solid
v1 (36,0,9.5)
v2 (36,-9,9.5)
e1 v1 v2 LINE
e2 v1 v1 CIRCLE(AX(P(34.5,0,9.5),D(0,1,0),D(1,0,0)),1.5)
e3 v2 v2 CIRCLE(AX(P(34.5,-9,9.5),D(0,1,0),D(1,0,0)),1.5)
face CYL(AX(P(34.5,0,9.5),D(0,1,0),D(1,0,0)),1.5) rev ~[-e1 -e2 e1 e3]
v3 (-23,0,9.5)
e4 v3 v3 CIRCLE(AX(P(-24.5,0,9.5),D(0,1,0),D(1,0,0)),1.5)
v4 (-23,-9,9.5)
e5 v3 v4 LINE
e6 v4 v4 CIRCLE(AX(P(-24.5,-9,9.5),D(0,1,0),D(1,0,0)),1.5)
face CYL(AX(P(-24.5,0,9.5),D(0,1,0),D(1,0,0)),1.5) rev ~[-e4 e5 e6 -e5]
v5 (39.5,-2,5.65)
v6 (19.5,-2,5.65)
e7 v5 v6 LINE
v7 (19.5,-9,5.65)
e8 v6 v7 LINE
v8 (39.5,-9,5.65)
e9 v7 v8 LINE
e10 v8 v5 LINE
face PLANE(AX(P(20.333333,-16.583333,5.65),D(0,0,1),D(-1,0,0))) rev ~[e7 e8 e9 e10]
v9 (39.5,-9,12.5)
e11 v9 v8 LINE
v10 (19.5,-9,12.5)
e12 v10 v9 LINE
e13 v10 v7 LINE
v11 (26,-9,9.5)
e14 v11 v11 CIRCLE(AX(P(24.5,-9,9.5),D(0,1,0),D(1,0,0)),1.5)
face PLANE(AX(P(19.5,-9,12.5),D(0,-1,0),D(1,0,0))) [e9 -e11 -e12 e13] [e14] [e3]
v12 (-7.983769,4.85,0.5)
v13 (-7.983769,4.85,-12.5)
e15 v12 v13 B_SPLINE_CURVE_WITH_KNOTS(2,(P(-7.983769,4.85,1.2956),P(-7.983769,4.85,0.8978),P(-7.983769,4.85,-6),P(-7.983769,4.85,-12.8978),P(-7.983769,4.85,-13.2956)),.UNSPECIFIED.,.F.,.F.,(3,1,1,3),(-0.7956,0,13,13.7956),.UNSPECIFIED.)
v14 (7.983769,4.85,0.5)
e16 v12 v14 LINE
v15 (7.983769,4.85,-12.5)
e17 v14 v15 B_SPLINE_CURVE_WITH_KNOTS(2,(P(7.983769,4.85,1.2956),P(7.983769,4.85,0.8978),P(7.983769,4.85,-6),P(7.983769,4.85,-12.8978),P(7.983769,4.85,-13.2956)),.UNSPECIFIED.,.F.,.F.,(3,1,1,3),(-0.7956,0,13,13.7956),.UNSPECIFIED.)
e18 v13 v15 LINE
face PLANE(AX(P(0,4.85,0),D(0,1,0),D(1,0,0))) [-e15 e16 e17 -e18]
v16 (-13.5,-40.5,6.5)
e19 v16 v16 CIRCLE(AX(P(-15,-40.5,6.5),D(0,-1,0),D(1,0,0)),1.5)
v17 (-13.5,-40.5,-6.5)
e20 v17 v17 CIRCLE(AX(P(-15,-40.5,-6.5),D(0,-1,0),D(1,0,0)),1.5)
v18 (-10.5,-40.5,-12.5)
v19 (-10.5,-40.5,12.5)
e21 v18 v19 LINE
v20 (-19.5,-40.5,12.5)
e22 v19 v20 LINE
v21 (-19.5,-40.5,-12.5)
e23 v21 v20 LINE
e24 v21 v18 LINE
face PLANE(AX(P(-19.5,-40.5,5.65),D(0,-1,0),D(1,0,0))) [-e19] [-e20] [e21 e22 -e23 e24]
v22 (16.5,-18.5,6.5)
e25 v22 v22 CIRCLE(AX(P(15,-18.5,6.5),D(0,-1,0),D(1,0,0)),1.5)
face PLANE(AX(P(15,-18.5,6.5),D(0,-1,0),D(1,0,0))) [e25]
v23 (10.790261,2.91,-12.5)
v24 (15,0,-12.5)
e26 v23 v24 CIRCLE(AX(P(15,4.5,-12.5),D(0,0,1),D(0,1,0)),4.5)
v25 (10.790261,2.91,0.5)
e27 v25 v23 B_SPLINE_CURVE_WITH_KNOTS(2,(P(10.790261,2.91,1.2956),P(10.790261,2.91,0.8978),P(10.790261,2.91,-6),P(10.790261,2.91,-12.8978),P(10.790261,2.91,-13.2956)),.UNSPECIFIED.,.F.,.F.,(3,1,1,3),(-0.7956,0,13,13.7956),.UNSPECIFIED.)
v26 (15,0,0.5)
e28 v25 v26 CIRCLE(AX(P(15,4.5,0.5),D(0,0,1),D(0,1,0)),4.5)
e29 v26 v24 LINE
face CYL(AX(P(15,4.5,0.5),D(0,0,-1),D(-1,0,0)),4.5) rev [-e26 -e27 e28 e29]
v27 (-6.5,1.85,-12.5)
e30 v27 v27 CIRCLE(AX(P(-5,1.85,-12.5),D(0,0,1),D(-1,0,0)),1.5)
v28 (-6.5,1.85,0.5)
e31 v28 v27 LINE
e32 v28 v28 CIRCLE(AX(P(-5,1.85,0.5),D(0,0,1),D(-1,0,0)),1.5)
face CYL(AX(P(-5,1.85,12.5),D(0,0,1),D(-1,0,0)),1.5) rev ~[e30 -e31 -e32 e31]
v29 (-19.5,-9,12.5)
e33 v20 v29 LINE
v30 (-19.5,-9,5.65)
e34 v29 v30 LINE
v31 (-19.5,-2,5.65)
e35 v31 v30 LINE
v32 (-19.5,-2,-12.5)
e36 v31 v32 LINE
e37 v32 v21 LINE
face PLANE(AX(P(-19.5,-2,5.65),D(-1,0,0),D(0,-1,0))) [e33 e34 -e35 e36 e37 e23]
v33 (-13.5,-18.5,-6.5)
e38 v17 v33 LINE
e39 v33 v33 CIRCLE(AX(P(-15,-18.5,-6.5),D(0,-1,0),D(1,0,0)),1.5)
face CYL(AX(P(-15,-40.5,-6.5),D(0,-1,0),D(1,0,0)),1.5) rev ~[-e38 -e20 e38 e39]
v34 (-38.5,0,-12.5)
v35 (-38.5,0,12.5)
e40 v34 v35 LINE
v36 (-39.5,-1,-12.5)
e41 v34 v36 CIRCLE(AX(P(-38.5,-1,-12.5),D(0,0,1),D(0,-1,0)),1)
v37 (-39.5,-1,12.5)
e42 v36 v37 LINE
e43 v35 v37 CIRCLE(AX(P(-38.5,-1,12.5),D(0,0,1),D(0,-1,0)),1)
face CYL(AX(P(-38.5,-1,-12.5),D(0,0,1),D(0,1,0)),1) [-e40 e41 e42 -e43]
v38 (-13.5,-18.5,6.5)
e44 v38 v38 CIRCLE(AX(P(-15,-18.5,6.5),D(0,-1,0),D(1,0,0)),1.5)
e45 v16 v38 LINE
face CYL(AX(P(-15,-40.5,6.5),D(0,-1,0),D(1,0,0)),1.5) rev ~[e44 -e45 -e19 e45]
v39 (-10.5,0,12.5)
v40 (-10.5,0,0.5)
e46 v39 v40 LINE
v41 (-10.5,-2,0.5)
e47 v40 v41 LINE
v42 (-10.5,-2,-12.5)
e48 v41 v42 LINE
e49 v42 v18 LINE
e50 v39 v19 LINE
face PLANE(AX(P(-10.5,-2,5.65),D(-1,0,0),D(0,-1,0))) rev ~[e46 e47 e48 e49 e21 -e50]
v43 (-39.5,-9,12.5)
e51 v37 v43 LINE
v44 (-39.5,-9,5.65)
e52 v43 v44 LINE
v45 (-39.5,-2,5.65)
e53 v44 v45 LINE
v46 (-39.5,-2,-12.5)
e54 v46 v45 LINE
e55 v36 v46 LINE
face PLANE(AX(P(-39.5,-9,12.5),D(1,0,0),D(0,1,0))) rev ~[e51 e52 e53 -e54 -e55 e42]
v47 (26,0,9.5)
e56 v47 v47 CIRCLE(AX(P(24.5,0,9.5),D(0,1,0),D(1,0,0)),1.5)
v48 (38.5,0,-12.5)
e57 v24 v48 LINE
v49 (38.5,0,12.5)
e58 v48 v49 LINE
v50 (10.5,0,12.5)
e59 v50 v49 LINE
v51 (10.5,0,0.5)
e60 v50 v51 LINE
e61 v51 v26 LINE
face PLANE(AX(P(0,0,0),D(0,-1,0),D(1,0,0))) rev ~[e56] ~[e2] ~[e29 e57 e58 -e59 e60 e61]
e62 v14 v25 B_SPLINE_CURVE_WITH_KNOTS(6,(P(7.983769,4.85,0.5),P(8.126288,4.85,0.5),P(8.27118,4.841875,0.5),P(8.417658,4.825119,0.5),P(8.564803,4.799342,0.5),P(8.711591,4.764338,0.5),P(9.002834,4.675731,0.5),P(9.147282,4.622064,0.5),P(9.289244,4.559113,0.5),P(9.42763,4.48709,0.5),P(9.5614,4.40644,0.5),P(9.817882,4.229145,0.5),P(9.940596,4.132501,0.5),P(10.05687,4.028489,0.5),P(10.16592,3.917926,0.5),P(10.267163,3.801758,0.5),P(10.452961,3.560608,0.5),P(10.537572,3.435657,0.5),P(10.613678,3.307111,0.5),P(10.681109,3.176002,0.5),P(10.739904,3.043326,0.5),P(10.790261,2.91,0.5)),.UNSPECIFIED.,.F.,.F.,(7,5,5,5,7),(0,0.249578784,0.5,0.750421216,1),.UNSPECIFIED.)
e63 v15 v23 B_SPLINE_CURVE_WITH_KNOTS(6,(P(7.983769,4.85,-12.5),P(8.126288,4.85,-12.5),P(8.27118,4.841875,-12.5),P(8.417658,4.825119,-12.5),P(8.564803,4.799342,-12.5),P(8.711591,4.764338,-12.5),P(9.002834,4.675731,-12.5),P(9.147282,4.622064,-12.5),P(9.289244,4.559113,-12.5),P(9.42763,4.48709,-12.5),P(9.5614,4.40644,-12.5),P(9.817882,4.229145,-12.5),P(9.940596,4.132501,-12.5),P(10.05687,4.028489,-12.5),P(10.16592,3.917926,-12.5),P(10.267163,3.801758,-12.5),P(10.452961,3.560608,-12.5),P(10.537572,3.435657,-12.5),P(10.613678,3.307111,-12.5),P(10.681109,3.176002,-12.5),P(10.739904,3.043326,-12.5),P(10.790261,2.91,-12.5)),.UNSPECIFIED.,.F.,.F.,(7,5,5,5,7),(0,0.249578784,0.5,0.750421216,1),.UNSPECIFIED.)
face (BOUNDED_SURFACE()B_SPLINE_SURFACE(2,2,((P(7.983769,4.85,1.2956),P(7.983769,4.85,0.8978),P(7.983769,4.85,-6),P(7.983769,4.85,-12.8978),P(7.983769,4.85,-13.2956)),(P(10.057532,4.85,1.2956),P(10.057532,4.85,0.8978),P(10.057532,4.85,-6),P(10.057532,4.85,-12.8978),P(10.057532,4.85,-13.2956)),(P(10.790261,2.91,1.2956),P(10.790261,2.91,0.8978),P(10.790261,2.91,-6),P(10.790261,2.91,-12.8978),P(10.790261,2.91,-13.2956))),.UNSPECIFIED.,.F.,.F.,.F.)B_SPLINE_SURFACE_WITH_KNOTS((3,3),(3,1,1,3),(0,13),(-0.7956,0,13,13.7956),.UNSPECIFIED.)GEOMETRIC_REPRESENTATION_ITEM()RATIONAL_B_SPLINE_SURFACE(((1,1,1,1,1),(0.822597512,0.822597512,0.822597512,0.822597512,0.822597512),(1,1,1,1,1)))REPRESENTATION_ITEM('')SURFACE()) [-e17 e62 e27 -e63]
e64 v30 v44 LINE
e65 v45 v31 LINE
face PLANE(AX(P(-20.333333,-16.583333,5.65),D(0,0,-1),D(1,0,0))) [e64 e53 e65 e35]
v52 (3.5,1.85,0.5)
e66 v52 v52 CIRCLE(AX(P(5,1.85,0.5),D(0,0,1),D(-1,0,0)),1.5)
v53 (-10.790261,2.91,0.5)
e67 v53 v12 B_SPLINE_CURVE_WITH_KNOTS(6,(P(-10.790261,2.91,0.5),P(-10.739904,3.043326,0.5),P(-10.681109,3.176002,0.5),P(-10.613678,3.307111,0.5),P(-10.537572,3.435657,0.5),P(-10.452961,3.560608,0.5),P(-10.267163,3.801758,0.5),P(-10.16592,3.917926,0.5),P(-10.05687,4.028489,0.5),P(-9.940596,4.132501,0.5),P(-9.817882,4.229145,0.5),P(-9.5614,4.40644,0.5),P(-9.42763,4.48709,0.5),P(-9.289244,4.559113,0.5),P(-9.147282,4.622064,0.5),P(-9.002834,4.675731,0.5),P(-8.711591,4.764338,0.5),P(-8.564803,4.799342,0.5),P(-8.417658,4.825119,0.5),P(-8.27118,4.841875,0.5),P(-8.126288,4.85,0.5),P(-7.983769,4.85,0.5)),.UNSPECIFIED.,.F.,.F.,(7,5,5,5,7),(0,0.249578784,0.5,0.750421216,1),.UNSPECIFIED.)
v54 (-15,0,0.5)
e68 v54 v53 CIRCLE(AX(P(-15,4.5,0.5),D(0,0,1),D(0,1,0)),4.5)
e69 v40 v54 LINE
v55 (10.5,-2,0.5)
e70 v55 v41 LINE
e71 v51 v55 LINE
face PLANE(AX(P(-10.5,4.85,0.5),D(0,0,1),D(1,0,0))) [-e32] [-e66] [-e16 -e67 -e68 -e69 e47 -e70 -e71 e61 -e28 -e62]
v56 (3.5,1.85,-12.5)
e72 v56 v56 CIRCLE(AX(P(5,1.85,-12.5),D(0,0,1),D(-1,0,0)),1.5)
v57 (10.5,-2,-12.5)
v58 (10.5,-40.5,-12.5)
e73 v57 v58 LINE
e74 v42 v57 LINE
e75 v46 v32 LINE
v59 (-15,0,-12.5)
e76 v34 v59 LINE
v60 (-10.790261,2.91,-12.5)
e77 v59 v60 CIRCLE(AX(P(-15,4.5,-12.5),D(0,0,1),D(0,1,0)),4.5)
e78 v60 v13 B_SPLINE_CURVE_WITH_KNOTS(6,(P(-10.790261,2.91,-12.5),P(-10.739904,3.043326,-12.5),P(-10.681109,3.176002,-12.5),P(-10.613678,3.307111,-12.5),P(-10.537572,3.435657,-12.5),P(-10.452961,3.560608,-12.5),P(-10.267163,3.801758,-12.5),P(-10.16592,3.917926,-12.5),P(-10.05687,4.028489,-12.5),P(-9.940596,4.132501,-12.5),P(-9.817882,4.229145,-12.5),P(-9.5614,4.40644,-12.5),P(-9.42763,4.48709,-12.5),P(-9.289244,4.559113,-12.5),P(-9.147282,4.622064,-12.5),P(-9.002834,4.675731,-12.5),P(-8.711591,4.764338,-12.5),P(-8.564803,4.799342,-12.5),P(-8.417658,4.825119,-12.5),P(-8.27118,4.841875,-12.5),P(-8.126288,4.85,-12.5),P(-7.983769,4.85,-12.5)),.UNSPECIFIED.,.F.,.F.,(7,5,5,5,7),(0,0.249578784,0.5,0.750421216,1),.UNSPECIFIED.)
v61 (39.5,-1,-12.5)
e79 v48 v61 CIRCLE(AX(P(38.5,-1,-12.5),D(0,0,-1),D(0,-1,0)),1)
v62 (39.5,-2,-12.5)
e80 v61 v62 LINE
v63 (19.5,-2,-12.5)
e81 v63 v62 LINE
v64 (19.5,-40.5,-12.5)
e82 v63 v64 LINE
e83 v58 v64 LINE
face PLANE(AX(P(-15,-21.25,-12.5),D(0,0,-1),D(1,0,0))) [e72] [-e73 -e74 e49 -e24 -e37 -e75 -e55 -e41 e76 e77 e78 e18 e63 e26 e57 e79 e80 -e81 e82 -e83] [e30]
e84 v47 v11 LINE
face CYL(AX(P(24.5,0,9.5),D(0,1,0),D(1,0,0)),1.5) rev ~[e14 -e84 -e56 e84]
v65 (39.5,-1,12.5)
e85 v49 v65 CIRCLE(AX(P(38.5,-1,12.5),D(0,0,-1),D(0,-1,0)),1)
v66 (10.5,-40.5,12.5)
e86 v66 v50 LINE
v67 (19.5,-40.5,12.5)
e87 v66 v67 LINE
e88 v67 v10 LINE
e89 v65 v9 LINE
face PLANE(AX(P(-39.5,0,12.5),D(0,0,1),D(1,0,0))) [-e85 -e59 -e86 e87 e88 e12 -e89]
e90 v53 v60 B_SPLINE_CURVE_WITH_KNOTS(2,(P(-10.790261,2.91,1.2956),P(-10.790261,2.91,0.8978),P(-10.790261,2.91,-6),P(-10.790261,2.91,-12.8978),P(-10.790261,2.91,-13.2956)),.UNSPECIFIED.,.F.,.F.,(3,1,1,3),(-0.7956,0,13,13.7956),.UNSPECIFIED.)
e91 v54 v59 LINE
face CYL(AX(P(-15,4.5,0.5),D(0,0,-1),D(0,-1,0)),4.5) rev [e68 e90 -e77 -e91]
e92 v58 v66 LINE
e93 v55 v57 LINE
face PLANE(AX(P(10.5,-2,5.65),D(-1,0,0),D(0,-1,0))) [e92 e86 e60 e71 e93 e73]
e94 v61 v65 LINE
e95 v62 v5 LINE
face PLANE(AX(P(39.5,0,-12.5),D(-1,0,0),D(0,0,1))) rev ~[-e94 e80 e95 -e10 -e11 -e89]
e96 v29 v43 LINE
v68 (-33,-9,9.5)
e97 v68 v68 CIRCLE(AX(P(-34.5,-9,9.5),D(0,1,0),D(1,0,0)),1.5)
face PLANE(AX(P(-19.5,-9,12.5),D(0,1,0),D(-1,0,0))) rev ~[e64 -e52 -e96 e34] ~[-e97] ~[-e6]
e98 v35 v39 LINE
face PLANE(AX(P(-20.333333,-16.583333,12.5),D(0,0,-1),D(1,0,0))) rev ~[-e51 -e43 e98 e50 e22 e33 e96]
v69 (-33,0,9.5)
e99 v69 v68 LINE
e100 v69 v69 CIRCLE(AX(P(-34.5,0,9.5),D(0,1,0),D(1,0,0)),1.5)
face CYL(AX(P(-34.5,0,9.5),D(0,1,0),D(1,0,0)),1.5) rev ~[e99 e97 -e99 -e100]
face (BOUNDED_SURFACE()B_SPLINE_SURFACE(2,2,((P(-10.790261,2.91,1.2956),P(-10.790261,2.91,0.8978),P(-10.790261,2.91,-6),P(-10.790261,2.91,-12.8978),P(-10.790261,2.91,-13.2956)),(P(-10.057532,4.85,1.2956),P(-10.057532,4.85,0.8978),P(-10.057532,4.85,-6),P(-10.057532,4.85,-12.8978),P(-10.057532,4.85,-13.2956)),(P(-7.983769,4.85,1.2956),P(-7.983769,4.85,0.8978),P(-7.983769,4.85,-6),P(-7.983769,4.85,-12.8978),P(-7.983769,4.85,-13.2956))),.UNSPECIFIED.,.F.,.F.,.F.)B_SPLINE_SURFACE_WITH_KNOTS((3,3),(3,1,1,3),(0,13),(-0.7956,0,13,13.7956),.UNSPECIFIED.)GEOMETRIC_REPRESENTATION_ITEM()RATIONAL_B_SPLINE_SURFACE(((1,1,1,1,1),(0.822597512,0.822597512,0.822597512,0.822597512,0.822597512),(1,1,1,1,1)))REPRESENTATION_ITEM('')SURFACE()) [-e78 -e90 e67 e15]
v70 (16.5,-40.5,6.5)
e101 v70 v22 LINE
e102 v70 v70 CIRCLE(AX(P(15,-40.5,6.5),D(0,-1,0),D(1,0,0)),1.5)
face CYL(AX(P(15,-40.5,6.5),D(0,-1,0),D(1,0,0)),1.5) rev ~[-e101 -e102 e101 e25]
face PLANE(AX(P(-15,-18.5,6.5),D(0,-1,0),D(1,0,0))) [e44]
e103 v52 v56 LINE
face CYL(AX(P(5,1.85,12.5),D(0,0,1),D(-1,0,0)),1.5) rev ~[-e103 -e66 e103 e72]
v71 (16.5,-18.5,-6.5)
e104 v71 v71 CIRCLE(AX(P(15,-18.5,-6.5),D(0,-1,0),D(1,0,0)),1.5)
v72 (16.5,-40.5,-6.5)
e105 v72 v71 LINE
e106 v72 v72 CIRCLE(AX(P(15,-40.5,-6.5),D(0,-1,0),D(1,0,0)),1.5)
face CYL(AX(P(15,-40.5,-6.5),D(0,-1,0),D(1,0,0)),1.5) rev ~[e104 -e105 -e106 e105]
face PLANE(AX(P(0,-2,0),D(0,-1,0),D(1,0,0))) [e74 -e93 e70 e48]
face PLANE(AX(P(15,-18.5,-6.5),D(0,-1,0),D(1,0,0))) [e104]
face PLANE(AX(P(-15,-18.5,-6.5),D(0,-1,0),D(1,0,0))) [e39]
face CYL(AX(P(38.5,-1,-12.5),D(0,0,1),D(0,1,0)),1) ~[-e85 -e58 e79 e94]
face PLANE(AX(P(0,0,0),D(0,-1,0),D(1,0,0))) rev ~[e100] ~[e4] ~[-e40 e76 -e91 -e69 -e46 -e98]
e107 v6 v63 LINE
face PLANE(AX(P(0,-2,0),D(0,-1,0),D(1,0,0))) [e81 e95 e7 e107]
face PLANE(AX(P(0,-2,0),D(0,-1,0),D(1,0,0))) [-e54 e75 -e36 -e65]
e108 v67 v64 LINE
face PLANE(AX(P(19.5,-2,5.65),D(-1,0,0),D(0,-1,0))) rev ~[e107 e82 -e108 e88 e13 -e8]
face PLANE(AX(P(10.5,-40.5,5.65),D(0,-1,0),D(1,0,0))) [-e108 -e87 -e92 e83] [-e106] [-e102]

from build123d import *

# Parameters (mm, degrees)
SKETCH_W        = 79
SKETCH_H        = 25
PAD_DEPTH       = 2
SKETCH001_W     = 21
SKETCH001_H     = 25
PAD001_DEPTH    = 4.85
SKETCH002_R     = 1.5
POCKET_DEPTH    = 25.001
SKETCH003_W     = 21
SKETCH003_H     = 12
POCKET001_DEPTH = 10
PAD002_DEPTH    = 6.85
SKETCH005_W     = 9
SKETCH005_H     = 38.5
PAD003_DEPTH    = 18.15
SKETCH006_R     = 1.5
POCKET002_DEPTH = 10
SKETCH007_R     = 1.5
POCKET003_DEPTH = 22
FILLET_R        = 4.5
FILLET001_R     = 3
FILLET002_R     = 1


with BuildPart() as part:
    # Sketch → Pad (new body)
    with BuildSketch(Plane.XZ):
        Rectangle(SKETCH_W, SKETCH_H)
    extrude(amount=PAD_DEPTH)

    # Sketch001 (on Face5 of Pad) → Pad001 (join)
    with BuildSketch(Plane(origin=(0, 0, 0), x_dir=(1, 0, 0), z_dir=(0, 1, 0))):
        Rectangle(SKETCH001_W, SKETCH001_H)
    extrude(amount=PAD001_DEPTH)

    # Sketch002 (on Face5 of Pad001) → Pocket (cut, through all)
    with BuildSketch(Plane(origin=(0, 0, 12.5), x_dir=(-1, 0, 0), z_dir=(0, 0, 1))):
        with Locations((-5, -1.85)):
            Circle(SKETCH002_R)
        with Locations((5, -1.85)):
            Circle(SKETCH002_R)
    extrude(amount=-POCKET_DEPTH, mode=Mode.SUBTRACT)

    # Sketch003 (on Face11 of Pocket) → Pocket001 (cut)
    with BuildSketch(Plane(origin=(0, 4.85, 0), x_dir=(1, 0, 0), z_dir=(0, 1, 0))):
        with Locations((0, -6.5)):
            Rectangle(SKETCH003_W, SKETCH003_H)
    extrude(amount=-POCKET001_DEPTH, mode=Mode.SUBTRACT)

    # Sketch004 (on DatumPlane) → Pad002 (join)
    with BuildSketch(Plane(origin=(0, -12.5, 12.5), x_dir=(-1, 0, 0), z_dir=(0, 0, 1))):
        Polygon((39.5, -10.5), (10.5, -10.5), (10.5, 28), (19.5, 28), (19.5, -3.5), (39.5, -3.5), align=None)
        Polygon((-10.5, -10.5), (-10.5, 28), (-19.5, 28), (-19.5, -3.5), (-39.5, -3.5), (-39.5, -10.5), align=None)
    extrude(amount=-PAD002_DEPTH)

    # Sketch005 (on Face21 of Pad002) → Pad003 (join)
    with BuildSketch(Plane(origin=(0, 0, 5.65), x_dir=(1, 0, 0), z_dir=(0, 0, -1))):
        with Locations((-15, 21.25)):
            Rectangle(SKETCH005_W, SKETCH005_H)
        with Locations((15, 21.25)):
            Rectangle(SKETCH005_W, SKETCH005_H)
    extrude(amount=PAD003_DEPTH)

    # Sketch006 (on Face17 of Pad003) → Pocket002 (cut)
    with BuildSketch(Plane(origin=(0, 0, 0), x_dir=(1, 0, 0), z_dir=(0, 1, 0))):
        with Locations((-34.5, -9.5)):
            Circle(SKETCH006_R)
        with Locations((-24.5, -9.5)):
            Circle(SKETCH006_R)
        with Locations((24.5, -9.5)):
            Circle(SKETCH006_R)
        with Locations((34.5, -9.5)):
            Circle(SKETCH006_R)
    extrude(amount=-POCKET002_DEPTH, mode=Mode.SUBTRACT)

    # Sketch007 (on Face26 of Pocket002) → Pocket003 (cut)
    with BuildSketch(Plane.XZ.offset(40.5)):
        with Locations((-15, 6.5)):
            Circle(SKETCH007_R)
        with Locations((-15, -6.5)):
            Circle(SKETCH007_R)
        with Locations((15, 6.5)):
            Circle(SKETCH007_R)
        with Locations((15, -6.5)):
            Circle(SKETCH007_R)
    extrude(amount=-POCKET003_DEPTH, mode=Mode.SUBTRACT)

    # Fillet
    fillet_edges = [part.edges().sort_by_distance(p)[0] for p in [
        (10.5, 0, -6),
        (-10.5, 0, -6),
    ]]
    fillet(fillet_edges, radius=FILLET_R)

    # Fillet001
    fillet001_edges = [part.edges().sort_by_distance(p)[0] for p in [
        (10.5, 4.85, -6),
        (-10.5, 4.85, -6),
    ]]
    fillet(fillet001_edges, radius=FILLET001_R)

    # Fillet002
    fillet002_edges = [part.edges().sort_by_distance(p)[0] for p in [
        (39.5, 0, 0),
        (-39.5, 0, 0),
    ]]
    fillet(fillet002_edges, radius=FILLET002_R)


solid = part.part
